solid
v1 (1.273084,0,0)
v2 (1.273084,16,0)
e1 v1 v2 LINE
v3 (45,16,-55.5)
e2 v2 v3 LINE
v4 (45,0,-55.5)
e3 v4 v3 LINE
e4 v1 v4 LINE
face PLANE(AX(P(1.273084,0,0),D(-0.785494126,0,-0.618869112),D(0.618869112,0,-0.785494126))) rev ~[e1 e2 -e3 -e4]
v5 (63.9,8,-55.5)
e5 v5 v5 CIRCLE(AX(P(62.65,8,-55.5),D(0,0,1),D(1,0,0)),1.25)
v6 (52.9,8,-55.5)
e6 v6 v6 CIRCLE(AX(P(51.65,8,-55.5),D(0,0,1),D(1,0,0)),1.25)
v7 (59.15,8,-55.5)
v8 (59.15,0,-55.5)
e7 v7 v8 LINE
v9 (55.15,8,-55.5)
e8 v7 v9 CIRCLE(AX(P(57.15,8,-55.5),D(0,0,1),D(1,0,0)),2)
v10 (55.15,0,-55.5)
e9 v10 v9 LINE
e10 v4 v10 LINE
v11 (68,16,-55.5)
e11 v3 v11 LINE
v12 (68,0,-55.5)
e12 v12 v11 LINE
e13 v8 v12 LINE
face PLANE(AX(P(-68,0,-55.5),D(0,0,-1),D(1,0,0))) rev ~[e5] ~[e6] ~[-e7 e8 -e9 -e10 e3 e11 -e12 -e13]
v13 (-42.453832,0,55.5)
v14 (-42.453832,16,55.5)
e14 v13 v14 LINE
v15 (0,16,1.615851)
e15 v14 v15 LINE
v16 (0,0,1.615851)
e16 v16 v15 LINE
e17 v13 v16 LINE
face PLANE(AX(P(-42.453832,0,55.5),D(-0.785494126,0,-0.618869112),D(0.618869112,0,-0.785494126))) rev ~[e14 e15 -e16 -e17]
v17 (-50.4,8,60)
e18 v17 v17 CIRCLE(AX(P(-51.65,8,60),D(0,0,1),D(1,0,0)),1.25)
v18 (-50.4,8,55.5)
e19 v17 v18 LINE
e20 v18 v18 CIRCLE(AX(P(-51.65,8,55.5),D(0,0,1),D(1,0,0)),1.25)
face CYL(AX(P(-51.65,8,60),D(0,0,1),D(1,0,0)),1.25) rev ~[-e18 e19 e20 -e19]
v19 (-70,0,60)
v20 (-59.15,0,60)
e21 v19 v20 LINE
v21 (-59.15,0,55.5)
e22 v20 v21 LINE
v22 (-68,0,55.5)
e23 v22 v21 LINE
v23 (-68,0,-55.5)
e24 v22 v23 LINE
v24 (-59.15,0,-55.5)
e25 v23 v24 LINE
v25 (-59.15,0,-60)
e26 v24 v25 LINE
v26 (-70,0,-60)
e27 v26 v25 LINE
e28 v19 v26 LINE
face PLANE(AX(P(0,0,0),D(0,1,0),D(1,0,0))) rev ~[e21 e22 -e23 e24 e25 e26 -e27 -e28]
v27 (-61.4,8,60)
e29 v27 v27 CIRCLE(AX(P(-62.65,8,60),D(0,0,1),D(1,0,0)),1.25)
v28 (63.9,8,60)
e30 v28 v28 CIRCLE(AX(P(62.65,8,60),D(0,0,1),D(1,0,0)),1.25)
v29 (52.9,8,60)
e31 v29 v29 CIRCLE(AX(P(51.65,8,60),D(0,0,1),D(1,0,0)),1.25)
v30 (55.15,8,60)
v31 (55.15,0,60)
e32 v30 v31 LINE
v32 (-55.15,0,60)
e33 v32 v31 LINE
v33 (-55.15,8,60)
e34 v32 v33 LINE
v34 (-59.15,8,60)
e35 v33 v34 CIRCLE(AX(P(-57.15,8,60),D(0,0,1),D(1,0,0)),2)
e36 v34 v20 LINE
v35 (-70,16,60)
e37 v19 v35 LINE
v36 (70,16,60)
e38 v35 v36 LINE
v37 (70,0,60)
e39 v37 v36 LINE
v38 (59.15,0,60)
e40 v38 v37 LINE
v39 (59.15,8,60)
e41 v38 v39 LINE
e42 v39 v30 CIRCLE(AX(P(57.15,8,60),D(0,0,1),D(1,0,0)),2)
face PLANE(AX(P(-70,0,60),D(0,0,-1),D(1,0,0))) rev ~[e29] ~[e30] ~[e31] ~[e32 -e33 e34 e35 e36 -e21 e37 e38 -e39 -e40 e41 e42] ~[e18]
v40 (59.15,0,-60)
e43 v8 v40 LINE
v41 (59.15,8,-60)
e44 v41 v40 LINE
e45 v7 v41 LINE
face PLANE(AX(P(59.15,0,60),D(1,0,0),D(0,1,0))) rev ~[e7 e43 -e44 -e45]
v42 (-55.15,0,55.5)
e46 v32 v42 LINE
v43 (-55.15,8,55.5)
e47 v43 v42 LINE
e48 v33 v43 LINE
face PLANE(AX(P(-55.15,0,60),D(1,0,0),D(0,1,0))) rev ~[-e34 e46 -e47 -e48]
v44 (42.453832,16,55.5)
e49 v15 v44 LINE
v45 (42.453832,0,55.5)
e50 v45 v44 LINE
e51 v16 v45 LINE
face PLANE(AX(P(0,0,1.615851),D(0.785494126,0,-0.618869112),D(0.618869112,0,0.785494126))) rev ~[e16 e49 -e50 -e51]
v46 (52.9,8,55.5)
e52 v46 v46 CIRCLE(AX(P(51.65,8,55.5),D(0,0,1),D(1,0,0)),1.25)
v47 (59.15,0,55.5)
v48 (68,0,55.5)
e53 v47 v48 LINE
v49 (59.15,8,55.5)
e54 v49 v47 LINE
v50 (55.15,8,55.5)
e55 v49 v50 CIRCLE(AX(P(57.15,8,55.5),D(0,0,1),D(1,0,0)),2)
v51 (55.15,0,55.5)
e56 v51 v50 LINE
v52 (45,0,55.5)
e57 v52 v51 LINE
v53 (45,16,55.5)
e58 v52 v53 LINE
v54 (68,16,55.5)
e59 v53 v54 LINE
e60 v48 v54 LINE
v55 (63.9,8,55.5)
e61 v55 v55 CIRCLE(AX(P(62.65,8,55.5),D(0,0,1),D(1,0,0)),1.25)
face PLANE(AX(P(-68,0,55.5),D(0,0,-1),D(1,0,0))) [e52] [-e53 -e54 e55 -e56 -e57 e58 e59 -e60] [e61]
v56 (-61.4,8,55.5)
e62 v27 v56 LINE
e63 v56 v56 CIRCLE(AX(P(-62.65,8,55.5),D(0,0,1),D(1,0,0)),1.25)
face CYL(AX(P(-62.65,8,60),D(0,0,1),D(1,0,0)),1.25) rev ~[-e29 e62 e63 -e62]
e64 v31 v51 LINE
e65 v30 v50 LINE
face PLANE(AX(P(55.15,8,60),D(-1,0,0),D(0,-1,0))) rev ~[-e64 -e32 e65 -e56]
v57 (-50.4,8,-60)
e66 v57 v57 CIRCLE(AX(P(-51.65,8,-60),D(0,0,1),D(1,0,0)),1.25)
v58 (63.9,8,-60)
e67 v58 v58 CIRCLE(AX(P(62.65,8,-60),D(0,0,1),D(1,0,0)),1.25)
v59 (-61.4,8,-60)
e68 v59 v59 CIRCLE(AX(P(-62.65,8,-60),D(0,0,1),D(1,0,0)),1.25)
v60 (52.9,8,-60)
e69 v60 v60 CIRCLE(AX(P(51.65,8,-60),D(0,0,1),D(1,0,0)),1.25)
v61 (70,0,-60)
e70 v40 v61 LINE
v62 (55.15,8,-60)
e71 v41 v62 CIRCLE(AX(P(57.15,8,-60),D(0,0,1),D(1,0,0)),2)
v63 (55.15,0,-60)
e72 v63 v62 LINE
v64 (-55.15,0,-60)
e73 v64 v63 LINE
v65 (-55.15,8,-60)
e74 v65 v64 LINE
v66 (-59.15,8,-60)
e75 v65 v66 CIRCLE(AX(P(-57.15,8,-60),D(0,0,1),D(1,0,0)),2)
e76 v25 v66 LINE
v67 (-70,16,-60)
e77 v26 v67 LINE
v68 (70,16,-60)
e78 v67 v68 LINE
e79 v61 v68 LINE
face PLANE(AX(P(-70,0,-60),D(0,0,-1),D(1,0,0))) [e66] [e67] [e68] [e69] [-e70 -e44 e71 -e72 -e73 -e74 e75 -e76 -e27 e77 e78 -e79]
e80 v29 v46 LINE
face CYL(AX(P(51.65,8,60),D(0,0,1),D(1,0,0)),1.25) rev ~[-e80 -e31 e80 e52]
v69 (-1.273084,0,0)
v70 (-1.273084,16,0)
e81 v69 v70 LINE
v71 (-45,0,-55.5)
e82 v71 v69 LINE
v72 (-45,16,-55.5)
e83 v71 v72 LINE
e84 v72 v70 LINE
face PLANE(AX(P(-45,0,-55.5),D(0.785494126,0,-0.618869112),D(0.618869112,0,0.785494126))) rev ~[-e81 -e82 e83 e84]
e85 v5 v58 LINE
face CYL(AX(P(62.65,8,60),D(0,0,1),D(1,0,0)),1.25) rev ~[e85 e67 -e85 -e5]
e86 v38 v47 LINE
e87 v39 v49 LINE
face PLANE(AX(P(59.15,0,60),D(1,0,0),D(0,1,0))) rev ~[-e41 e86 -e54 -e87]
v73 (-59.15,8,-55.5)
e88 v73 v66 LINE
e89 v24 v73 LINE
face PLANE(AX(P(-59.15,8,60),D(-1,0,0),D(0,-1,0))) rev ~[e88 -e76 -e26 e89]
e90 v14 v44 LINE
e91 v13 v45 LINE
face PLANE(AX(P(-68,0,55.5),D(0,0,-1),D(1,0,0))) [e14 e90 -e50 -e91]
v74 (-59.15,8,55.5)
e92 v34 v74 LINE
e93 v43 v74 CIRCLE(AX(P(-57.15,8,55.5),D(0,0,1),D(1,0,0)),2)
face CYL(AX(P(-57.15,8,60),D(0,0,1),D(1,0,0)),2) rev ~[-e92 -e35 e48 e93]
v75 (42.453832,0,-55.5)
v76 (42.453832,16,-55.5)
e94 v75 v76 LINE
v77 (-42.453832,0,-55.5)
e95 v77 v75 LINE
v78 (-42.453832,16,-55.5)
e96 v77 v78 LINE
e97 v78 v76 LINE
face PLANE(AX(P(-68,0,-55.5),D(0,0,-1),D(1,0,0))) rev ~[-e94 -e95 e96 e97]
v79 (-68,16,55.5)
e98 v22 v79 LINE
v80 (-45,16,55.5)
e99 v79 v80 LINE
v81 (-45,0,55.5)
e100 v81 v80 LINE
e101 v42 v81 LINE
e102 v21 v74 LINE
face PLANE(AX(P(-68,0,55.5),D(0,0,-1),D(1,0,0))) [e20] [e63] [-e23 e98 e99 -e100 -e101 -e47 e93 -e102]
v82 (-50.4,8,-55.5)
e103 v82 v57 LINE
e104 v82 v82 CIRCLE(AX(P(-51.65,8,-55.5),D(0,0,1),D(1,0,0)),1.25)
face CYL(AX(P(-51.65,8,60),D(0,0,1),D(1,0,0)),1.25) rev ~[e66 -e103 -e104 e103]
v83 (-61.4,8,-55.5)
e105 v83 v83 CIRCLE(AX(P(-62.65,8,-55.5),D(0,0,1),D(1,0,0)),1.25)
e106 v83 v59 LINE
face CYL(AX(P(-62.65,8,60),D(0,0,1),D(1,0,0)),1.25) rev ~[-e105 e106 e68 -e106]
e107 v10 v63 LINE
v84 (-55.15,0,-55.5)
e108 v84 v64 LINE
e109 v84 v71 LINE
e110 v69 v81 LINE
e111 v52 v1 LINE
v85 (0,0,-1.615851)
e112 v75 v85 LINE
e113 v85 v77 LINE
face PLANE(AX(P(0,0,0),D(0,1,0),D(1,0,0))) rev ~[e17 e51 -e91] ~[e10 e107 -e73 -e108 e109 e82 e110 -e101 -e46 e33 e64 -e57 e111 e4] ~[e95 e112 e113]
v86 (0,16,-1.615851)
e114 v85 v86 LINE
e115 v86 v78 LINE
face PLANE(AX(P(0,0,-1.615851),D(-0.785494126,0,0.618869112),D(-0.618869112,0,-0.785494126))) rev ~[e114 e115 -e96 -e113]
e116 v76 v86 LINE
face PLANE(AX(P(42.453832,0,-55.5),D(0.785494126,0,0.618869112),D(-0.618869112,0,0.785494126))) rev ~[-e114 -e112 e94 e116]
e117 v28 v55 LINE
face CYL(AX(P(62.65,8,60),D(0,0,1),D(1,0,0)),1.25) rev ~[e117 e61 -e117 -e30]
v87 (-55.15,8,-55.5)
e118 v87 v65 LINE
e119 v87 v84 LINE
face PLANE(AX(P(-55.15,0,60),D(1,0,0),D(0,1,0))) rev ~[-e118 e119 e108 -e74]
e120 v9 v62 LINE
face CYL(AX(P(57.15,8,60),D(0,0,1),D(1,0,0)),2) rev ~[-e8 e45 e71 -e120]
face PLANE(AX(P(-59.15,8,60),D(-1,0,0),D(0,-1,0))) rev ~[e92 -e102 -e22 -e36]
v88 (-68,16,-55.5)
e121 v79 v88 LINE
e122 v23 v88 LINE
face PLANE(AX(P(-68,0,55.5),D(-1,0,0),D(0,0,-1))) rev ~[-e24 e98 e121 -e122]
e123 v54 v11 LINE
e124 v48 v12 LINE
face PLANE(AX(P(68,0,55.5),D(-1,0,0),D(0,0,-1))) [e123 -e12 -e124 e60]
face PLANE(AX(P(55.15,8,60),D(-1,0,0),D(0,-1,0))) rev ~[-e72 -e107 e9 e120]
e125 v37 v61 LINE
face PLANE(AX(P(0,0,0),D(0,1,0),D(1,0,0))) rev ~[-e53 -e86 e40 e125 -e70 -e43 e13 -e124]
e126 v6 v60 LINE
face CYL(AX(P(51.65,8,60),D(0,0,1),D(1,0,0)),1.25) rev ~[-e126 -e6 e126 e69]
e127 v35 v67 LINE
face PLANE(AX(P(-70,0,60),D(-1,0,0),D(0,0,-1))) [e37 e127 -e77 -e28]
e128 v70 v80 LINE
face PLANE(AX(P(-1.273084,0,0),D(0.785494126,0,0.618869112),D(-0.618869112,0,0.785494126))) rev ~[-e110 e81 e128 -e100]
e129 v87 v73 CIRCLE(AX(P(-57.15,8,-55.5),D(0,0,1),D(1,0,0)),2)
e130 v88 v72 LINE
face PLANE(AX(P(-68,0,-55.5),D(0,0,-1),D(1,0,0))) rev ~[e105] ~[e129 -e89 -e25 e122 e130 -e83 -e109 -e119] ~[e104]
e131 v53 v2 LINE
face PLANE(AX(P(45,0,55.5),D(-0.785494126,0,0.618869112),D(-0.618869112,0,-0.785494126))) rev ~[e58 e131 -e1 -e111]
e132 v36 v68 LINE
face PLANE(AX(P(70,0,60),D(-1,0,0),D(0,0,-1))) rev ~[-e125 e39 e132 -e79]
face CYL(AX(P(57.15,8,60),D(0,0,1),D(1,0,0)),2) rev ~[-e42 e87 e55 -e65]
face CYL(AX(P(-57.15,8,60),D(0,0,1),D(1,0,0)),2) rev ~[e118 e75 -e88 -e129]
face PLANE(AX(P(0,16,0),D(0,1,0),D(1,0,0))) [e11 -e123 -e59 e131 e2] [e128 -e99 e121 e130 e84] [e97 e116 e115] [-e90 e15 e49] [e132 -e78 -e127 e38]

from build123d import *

# Parameters (mm, degrees)
SKETCH1_W           = 140
SKETCH1_H           = 120
SKETCH1_W_2         = 136
SKETCH1_H_2         = 111
BOSS_EXTRUDE1_DEPTH = 16
SKETCH2_R           = 1.25
CUT_EXTRUDE1_DEPTH  = 140.842768851


with BuildPart() as part:
    # Sketch1 → Boss-Extrude1 (new body)
    # profile 1 of 2: a face of its own
    with BuildSketch(Plane(origin=(0, 0, 0), x_dir=(1, 0, 0), z_dir=(0, 1, 0))):
        Rectangle(SKETCH1_W, SKETCH1_H)
        Rectangle(SKETCH1_W_2, SKETCH1_H_2, mode=Mode.SUBTRACT)
    # profile 2 of 2: a face of its own
    with BuildSketch(Plane(origin=(0, 0, 0), x_dir=(1, 0, 0), z_dir=(0, 1, 0))):
        Polygon((-1.273083994, 0), (-45, -55.5), (-42.453832012, -55.5), (0, -1.615850559), (42.453832012, -55.5), (45, -55.5), (1.273083994, 0), (45, 55.5), (42.453832012, 55.5), (0, 1.615850559), (-42.453832012, 55.5), (-45, 55.5), align=None)
    extrude(amount=BOSS_EXTRUDE1_DEPTH)

    # Sketch2 → Cut-Extrude1 (cut, through all)
    with BuildSketch(Plane.XY.offset(60)):
        with BuildLine():
            ThreePointArc((-55.15, 8), (-57.15, 10), (-59.15, 8))
            Line((-59.15, 8), (-59.15, 0))
            Line((-59.15, 0), (-55.15, 0))
            Line((-55.15, 0), (-55.15, 8))
        make_face()
        with Locations((-51.65, 8)):
            Circle(SKETCH2_R)
        with Locations((-62.65, 8)):
            Circle(SKETCH2_R)
        with BuildLine():
            Line((55.15, 8), (55.15, 0))
            Line((55.15, 0), (59.15, 0))
            Line((59.15, 0), (59.15, 8))
            ThreePointArc((59.15, 8), (57.15, 10), (55.15, 8))
        make_face()
        with Locations((51.65, 8)):
            Circle(SKETCH2_R)
        with Locations((62.65, 8)):
            Circle(SKETCH2_R)
    extrude(amount=-CUT_EXTRUDE1_DEPTH, mode=Mode.SUBTRACT)


solid = part.part
